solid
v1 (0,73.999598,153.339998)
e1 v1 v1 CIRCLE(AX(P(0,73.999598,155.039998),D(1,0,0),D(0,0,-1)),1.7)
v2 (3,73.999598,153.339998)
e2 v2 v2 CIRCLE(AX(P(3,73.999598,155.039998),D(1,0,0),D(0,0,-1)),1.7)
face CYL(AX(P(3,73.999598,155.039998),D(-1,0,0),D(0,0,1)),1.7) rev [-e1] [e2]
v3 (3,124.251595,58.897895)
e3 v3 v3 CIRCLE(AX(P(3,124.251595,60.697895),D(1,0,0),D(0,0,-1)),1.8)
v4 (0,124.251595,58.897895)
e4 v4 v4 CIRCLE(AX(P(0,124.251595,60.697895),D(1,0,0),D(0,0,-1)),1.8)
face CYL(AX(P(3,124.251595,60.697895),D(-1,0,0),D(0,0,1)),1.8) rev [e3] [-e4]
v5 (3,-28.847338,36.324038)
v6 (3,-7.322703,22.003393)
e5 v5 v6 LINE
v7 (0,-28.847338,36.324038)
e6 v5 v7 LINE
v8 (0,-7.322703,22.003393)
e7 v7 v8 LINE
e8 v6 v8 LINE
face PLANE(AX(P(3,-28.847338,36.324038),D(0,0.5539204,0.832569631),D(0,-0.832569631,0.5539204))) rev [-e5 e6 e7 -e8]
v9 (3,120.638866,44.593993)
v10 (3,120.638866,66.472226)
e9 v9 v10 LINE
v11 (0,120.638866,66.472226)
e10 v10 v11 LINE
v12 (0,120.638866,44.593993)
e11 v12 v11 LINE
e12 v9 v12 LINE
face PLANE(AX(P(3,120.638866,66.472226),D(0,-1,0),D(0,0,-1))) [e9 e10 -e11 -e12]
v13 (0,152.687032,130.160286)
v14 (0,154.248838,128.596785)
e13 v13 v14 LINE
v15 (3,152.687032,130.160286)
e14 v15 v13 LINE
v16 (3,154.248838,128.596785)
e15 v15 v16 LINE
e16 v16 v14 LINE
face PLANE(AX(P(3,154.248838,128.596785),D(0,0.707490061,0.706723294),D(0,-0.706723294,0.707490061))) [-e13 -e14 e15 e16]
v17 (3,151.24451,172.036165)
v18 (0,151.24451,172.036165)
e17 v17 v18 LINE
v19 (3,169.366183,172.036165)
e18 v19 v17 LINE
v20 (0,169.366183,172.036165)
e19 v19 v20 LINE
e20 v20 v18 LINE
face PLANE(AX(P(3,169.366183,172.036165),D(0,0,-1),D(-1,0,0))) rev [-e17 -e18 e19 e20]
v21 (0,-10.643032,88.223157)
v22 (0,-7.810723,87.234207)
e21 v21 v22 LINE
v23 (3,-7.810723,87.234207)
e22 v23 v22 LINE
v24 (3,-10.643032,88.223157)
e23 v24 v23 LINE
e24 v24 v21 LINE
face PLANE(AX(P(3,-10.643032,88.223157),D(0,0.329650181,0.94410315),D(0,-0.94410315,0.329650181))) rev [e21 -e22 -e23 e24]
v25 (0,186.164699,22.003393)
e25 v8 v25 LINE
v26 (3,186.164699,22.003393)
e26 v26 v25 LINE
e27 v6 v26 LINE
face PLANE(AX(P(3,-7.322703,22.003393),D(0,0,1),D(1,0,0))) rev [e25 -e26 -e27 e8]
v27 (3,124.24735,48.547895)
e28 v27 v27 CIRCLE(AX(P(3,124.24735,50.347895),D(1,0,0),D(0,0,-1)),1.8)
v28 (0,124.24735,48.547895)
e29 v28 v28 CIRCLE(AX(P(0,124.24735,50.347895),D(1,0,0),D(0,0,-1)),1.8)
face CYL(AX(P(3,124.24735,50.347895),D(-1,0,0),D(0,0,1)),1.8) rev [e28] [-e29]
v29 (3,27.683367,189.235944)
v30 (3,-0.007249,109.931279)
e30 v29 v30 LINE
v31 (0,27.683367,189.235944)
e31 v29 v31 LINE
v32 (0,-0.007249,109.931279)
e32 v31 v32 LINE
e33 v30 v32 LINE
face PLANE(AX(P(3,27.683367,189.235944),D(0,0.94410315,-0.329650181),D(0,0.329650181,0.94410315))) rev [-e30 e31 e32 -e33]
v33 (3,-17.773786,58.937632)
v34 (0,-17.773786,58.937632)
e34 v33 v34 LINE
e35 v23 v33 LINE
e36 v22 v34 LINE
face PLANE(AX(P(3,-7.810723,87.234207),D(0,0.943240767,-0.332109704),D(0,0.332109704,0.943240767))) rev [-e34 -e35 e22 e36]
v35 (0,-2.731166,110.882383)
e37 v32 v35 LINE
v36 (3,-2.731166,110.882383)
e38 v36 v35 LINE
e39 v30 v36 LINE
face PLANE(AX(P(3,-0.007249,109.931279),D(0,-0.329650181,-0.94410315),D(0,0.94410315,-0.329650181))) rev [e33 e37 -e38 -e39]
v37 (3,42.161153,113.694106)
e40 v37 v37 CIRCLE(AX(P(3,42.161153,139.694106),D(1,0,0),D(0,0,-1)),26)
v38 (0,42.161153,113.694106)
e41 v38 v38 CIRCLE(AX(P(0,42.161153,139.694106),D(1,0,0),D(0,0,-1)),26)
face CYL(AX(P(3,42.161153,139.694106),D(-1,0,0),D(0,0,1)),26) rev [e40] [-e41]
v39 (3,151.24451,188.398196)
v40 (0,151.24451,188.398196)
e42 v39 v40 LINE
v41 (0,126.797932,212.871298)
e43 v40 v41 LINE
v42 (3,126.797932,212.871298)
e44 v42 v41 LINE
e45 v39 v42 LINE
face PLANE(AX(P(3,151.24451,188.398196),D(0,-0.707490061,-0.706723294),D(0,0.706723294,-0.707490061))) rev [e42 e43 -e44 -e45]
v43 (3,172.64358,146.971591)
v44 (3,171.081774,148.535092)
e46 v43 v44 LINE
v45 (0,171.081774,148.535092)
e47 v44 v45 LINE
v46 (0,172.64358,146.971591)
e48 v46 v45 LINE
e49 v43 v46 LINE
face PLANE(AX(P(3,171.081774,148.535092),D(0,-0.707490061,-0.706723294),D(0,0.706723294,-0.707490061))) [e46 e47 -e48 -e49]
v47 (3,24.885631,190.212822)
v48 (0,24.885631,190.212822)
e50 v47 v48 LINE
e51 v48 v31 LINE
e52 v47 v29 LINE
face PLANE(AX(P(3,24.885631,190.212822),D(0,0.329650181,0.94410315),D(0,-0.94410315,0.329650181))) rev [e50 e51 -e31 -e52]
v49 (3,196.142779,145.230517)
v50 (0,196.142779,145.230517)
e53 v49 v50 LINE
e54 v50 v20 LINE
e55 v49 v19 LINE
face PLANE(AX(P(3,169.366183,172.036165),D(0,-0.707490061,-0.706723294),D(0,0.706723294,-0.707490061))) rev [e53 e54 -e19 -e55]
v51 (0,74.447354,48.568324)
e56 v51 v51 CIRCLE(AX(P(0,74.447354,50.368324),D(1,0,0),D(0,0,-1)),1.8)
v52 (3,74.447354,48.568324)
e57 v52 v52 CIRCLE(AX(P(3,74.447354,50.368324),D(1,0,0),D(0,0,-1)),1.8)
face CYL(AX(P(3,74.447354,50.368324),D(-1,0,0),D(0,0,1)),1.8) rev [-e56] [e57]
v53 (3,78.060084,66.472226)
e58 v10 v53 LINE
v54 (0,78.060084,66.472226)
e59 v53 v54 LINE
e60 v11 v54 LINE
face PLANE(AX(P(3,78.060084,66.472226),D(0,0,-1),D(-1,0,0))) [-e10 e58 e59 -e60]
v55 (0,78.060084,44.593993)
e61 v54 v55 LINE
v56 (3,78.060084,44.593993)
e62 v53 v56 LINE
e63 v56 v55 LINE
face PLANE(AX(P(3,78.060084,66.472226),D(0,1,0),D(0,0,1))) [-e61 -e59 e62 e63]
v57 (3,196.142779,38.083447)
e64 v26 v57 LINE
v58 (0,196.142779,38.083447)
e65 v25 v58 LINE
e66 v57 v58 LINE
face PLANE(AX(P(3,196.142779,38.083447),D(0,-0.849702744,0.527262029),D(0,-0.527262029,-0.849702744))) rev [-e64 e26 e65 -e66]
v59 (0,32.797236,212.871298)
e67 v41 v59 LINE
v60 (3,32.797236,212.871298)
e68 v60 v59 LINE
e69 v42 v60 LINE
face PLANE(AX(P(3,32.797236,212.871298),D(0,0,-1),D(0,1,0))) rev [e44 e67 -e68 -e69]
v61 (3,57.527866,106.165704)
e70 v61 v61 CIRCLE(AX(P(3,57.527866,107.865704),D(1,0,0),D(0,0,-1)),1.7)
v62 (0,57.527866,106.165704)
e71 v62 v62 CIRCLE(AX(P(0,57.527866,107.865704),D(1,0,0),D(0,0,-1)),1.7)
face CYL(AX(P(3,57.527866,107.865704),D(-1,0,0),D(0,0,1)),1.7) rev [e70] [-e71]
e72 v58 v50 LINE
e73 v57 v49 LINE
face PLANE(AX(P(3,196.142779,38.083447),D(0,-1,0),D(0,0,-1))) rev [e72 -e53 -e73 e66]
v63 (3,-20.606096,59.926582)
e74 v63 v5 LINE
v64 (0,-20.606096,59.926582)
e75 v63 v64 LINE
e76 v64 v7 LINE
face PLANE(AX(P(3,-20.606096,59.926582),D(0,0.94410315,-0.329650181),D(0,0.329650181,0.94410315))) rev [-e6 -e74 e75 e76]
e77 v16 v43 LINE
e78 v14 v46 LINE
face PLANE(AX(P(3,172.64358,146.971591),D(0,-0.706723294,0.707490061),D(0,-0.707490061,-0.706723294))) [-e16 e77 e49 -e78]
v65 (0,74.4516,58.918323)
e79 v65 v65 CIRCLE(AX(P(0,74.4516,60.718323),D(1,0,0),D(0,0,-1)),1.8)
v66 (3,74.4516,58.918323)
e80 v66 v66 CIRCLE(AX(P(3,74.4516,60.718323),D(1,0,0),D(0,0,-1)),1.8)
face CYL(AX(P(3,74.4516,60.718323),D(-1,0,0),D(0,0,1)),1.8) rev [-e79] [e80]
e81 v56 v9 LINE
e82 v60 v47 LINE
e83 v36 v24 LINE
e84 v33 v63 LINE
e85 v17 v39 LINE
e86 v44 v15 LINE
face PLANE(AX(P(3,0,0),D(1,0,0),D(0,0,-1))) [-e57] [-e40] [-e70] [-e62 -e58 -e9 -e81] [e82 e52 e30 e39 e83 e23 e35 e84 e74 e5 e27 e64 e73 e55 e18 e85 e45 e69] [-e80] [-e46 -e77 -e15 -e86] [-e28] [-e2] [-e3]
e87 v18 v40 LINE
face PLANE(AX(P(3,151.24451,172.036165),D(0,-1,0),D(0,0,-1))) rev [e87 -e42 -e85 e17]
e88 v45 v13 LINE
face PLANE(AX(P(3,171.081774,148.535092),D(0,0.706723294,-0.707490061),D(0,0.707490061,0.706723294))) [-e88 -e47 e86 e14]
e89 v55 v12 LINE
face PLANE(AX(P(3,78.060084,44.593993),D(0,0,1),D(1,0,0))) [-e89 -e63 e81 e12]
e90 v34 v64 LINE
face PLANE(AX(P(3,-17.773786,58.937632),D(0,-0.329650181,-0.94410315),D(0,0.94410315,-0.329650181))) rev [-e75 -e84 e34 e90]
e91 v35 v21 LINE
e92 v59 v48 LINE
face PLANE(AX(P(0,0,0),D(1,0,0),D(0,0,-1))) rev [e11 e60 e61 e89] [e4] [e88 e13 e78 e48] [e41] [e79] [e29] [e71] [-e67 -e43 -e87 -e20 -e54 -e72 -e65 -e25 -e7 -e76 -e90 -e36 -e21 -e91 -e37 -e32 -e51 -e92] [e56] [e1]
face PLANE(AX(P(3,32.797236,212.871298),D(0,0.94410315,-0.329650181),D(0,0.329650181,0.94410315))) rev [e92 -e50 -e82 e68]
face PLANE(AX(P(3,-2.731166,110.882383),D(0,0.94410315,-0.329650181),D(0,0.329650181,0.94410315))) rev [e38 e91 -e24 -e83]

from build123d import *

# Parameters (mm, degrees)
SKETCH1_R           = 1.7
SKETCH1_R_2         = 26
SKETCH1_R_3         = 1.8
SKETCH1_W           = 21.878233713
SKETCH1_H           = 42.578781785
BOSS_EXTRUDE1_DEPTH = 3


with BuildPart() as part:
    # Sketch1 → Boss-Extrude1 (new body)
    with BuildSketch(Plane(origin=(0, 0, 0), x_dir=(0, 0, -1), z_dir=(1, 0, 0))):
        Polygon((-110.882382617, -2.731166398), (-88.223157403, -10.643032479), (-87.23420686, -7.810723029), (-58.937631543, -17.77378609), (-59.926582085, -20.606095541), (-36.324038311, -28.84733785), (-22.003393348, -7.322703446), (-22.003393348, 186.164699152), (-38.083447414, 196.14277913), (-145.230517161, 196.14277913), (-172.036164941, 169.366182911), (-172.036164941, 151.244509979), (-188.398196234, 151.244509979), (-212.871297543, 126.797932251), (-212.871297543, 32.797235558), (-190.212821939, 24.885631216), (-189.235943541, 27.683366592), (-109.931278924, -0.007248606), align=None)
        with Locations((-155.039998164, 73.999598468)):
            Circle(SKETCH1_R, mode=Mode.SUBTRACT)
        with Locations((-107.865704399, 57.52786604)):
            Circle(SKETCH1_R, mode=Mode.SUBTRACT)
        with Locations((-139.694105805, 42.161153499)):
            Circle(SKETCH1_R_2, mode=Mode.SUBTRACT)
        with Locations((-60.718323374, 74.451599653)):
            Circle(SKETCH1_R_3, mode=Mode.SUBTRACT)
        with Locations((-50.368324245, 74.447353909)):
            Circle(SKETCH1_R_3, mode=Mode.SUBTRACT)
        with Locations((-60.697894576, 124.251595463)):
            Circle(SKETCH1_R_3, mode=Mode.SUBTRACT)
        with Locations((-50.347895446, 124.247349719)):
            Circle(SKETCH1_R_3, mode=Mode.SUBTRACT)
        Polygon((-148.535091588, 171.081773838), (-146.971590994, 172.643579934), (-128.596785358, 154.248838352), (-130.160285952, 152.687032257), align=None, mode=Mode.SUBTRACT)
        with Locations((-55.533109411, 99.349474686)):
            Rectangle(SKETCH1_W, SKETCH1_H, mode=Mode.SUBTRACT)
    extrude(amount=BOSS_EXTRUDE1_DEPTH)


solid = part.part
